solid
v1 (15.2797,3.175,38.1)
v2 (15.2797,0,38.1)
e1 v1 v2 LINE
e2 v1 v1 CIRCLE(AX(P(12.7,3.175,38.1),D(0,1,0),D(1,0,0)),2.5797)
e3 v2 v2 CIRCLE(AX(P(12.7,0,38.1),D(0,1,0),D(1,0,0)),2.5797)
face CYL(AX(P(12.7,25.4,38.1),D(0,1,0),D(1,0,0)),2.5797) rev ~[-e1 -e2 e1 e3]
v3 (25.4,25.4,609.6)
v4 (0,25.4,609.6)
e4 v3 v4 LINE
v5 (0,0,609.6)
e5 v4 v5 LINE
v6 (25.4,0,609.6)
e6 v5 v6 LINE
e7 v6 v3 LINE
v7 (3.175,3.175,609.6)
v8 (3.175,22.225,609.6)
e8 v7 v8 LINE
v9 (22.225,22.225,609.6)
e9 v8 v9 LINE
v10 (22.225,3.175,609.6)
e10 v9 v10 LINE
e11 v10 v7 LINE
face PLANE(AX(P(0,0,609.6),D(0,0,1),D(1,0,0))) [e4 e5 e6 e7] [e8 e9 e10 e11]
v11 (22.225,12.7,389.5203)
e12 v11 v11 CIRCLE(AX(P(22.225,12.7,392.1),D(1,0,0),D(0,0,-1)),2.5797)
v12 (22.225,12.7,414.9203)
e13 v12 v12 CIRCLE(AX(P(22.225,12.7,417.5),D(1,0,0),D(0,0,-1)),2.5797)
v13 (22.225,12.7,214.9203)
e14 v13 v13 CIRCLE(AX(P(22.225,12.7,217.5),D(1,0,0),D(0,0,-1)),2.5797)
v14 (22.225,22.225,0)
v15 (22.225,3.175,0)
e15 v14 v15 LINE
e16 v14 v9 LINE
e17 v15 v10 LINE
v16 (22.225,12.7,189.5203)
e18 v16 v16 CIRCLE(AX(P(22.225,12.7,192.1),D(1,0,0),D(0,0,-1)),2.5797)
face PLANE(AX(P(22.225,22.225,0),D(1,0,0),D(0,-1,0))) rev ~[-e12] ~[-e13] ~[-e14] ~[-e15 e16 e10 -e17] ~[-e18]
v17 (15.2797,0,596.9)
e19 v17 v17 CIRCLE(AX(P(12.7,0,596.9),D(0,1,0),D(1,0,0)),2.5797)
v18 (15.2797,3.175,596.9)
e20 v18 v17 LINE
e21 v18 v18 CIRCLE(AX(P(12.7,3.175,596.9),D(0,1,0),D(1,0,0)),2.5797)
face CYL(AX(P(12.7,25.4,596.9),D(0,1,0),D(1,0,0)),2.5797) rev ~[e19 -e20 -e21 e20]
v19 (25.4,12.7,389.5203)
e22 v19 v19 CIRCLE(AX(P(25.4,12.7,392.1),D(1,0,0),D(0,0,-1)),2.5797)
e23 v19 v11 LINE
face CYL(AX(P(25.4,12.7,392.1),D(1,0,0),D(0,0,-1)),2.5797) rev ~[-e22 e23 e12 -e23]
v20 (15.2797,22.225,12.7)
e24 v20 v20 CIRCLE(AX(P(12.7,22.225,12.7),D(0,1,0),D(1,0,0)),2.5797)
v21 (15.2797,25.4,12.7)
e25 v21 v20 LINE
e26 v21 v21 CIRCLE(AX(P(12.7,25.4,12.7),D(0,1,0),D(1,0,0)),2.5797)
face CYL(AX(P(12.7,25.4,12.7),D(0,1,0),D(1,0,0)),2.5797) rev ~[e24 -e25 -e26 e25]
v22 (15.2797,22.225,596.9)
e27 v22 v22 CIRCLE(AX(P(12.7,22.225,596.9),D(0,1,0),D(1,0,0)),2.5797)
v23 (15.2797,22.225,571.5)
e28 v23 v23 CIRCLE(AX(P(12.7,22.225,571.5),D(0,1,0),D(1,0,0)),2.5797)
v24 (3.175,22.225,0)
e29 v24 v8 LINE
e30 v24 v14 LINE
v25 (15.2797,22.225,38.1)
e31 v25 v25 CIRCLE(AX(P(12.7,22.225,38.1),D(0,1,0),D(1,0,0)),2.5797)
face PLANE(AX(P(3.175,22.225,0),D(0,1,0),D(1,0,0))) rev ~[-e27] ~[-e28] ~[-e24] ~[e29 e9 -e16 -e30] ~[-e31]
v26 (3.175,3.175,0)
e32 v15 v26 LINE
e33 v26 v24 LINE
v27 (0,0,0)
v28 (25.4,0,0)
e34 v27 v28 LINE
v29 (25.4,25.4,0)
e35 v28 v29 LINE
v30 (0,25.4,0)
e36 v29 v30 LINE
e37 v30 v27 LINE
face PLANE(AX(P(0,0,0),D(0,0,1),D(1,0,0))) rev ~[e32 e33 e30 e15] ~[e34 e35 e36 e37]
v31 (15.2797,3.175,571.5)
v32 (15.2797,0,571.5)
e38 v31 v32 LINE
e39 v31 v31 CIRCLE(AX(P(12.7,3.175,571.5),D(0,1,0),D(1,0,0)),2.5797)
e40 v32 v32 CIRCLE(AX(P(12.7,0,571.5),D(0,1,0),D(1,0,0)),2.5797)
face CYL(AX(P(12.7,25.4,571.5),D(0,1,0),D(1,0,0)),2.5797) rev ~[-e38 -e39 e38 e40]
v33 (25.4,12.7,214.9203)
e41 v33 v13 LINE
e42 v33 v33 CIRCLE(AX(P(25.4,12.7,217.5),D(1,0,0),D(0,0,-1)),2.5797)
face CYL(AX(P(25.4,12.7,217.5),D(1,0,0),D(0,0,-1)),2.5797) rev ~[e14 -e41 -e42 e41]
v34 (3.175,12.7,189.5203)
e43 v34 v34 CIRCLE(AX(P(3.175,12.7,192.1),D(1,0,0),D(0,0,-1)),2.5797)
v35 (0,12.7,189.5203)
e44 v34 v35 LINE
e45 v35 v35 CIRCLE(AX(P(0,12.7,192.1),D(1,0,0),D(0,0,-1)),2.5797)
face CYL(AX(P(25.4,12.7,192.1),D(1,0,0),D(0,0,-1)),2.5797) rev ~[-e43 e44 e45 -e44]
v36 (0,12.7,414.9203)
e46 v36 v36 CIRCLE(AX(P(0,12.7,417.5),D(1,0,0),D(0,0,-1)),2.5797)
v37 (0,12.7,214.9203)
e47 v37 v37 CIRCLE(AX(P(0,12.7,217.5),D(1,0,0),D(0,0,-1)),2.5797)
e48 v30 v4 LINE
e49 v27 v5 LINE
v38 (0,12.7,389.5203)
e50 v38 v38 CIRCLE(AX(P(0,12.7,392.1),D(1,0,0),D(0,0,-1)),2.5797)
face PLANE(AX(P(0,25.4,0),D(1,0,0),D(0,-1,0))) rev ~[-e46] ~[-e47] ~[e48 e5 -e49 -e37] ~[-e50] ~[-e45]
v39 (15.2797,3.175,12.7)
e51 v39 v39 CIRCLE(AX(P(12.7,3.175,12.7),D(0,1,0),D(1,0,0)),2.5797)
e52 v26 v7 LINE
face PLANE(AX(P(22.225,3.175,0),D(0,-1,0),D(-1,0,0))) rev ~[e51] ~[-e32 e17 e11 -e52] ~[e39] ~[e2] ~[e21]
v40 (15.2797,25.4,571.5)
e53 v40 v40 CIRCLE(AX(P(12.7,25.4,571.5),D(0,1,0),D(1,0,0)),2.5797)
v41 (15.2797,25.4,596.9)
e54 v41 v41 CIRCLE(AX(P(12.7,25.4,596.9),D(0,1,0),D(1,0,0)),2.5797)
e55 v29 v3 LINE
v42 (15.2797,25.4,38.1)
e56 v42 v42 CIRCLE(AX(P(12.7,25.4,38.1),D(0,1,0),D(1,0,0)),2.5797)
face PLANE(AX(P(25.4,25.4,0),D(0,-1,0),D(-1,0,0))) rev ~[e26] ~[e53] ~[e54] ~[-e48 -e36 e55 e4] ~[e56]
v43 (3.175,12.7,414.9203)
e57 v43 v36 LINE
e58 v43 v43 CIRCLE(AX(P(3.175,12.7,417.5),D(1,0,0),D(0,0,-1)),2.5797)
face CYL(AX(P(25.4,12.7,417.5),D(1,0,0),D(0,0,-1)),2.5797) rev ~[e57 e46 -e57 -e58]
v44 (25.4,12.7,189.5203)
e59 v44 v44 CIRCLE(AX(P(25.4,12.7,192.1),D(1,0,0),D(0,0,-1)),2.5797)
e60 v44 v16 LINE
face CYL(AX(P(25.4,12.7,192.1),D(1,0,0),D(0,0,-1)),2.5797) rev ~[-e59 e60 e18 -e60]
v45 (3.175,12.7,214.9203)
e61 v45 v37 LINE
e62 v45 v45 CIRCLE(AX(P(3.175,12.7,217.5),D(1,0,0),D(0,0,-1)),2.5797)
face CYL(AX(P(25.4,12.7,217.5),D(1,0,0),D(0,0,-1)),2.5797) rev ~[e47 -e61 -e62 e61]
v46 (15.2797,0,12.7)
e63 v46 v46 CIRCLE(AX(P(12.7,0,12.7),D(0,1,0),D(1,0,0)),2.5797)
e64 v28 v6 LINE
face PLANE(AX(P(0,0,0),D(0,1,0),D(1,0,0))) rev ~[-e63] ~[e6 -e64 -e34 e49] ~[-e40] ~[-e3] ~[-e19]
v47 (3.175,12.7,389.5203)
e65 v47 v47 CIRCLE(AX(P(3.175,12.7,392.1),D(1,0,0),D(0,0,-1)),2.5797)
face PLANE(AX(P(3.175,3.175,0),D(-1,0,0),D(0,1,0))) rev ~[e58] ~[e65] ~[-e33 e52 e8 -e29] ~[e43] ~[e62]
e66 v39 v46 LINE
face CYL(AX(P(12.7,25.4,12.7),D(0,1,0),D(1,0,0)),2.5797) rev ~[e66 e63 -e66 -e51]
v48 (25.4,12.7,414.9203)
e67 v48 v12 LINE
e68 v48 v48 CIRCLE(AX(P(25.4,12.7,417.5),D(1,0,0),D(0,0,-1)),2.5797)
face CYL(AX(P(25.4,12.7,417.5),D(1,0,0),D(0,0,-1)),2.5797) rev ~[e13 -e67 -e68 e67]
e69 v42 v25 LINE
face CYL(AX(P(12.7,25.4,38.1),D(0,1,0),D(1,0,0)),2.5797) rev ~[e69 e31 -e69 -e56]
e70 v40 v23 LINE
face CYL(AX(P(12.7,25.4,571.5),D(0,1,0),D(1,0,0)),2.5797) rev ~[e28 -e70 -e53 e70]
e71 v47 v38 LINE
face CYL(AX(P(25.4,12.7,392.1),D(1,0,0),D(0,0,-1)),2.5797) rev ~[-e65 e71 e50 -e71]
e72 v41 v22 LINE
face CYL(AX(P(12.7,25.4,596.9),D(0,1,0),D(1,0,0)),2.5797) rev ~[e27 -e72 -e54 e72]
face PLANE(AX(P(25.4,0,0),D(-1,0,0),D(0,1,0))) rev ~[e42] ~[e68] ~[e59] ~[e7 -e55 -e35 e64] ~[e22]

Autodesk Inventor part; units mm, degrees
ref_plane "YZ Plane" through (0, 0, 0) normal (1, 0, 0) x (0, 1, 0)
ref_plane "XZ Plane" through (0, 0, 0) normal (0, 1, 0) x (-1, 0, 0)
ref_plane "XY Plane" through (0, 0, 0) normal (0, 0, 1) x (1, 0, 0)
sketch "Sketch1" plane through (0, 0, 0) normal (0, 0, 1) x (1, 0, 0)
  line L0 (0, 0) -> (25.4, 0)
  line L1 (25.4, 0) -> (25.4, 25.4)
  line L2 (25.4, 25.4) -> (0, 25.4)
  line L3 (0, 25.4) -> (0, 0)
  line L4 (3.175, 22.225) -> (22.225, 22.225)
  line L5 (22.225, 22.225) -> (22.225, 3.175)
  line L6 (22.225, 3.175) -> (3.175, 3.175)
  line L7 (3.175, 3.175) -> (3.175, 22.225)
  dimension "d0" = 25.4
  dimension "d1" = 25.4
  dimension "d2" = 3.175
extrude "Extrusion1" add sketch "Sketch1" along normal blind 609.6
sketch "Sketch2" plane through (0, 25.4, 0) normal (0, 1, 0) x (1, 0, 0)
  line L0 (22.225, 0) -> (3.175, 0) construction
  line L1 (12.7, 0) -> (12.7, -12.7) construction
  line L2 (12.7, -12.7) -> (12.7, -38.1) construction
  line L3 (0, 0) -> (0, -609.6) construction
  line L4 (0, -304.8) -> (25.4, -304.8) construction
  line L5 (25.4, 0) -> (25.4, -609.6) construction
  circle A0 centre (12.7, -38.1) radius 2.5797
  circle A1 centre (12.7, -12.7) radius 2.5797
  circle A2 centre (12.7, -571.5) radius 2.5797
  circle A3 centre (12.7, -596.9) radius 2.5797
  dimension "d5" = 12.7
  dimension "d6" = 25.4
  dimension "d7" = 5.1594
extrude "Extrusion2" cut sketch "Sketch2" against normal blind 609.6
sketch "Sketch3" plane through (25.4, 0, 0) normal (1, 0, 0) x (0, 0, -1)
  line L0 (0, 25.4) -> (-609.6, 25.4) construction
  line L1 (-304.8, 25.4) -> (-304.8, 0) construction
  line L2 (-304.8, 12.7) -> (-204.8, 12.7) construction
  line L3 (-204.8, 12.7) -> (-217.5, 12.7) construction
  line L4 (-217.5, 12.7) -> (-192.1, 12.7) construction
  circle A0 centre (-217.5, 12.7) radius 2.5797
  circle A1 centre (-192.1, 12.7) radius 2.5797
  circle A2 centre (-392.1, 12.7) radius 2.5797
  circle A3 centre (-417.5, 12.7) radius 2.5797
  point P0 (0, 0)
  dimension "d10" = 100
  dimension "d11" = 12.7
  dimension "d12" = 25.4
  dimension "d13" = 5.1594
extrude "Extrusion3" cut sketch "Sketch3" against normal blind 25.4
properties part number "2ft 1x1"
